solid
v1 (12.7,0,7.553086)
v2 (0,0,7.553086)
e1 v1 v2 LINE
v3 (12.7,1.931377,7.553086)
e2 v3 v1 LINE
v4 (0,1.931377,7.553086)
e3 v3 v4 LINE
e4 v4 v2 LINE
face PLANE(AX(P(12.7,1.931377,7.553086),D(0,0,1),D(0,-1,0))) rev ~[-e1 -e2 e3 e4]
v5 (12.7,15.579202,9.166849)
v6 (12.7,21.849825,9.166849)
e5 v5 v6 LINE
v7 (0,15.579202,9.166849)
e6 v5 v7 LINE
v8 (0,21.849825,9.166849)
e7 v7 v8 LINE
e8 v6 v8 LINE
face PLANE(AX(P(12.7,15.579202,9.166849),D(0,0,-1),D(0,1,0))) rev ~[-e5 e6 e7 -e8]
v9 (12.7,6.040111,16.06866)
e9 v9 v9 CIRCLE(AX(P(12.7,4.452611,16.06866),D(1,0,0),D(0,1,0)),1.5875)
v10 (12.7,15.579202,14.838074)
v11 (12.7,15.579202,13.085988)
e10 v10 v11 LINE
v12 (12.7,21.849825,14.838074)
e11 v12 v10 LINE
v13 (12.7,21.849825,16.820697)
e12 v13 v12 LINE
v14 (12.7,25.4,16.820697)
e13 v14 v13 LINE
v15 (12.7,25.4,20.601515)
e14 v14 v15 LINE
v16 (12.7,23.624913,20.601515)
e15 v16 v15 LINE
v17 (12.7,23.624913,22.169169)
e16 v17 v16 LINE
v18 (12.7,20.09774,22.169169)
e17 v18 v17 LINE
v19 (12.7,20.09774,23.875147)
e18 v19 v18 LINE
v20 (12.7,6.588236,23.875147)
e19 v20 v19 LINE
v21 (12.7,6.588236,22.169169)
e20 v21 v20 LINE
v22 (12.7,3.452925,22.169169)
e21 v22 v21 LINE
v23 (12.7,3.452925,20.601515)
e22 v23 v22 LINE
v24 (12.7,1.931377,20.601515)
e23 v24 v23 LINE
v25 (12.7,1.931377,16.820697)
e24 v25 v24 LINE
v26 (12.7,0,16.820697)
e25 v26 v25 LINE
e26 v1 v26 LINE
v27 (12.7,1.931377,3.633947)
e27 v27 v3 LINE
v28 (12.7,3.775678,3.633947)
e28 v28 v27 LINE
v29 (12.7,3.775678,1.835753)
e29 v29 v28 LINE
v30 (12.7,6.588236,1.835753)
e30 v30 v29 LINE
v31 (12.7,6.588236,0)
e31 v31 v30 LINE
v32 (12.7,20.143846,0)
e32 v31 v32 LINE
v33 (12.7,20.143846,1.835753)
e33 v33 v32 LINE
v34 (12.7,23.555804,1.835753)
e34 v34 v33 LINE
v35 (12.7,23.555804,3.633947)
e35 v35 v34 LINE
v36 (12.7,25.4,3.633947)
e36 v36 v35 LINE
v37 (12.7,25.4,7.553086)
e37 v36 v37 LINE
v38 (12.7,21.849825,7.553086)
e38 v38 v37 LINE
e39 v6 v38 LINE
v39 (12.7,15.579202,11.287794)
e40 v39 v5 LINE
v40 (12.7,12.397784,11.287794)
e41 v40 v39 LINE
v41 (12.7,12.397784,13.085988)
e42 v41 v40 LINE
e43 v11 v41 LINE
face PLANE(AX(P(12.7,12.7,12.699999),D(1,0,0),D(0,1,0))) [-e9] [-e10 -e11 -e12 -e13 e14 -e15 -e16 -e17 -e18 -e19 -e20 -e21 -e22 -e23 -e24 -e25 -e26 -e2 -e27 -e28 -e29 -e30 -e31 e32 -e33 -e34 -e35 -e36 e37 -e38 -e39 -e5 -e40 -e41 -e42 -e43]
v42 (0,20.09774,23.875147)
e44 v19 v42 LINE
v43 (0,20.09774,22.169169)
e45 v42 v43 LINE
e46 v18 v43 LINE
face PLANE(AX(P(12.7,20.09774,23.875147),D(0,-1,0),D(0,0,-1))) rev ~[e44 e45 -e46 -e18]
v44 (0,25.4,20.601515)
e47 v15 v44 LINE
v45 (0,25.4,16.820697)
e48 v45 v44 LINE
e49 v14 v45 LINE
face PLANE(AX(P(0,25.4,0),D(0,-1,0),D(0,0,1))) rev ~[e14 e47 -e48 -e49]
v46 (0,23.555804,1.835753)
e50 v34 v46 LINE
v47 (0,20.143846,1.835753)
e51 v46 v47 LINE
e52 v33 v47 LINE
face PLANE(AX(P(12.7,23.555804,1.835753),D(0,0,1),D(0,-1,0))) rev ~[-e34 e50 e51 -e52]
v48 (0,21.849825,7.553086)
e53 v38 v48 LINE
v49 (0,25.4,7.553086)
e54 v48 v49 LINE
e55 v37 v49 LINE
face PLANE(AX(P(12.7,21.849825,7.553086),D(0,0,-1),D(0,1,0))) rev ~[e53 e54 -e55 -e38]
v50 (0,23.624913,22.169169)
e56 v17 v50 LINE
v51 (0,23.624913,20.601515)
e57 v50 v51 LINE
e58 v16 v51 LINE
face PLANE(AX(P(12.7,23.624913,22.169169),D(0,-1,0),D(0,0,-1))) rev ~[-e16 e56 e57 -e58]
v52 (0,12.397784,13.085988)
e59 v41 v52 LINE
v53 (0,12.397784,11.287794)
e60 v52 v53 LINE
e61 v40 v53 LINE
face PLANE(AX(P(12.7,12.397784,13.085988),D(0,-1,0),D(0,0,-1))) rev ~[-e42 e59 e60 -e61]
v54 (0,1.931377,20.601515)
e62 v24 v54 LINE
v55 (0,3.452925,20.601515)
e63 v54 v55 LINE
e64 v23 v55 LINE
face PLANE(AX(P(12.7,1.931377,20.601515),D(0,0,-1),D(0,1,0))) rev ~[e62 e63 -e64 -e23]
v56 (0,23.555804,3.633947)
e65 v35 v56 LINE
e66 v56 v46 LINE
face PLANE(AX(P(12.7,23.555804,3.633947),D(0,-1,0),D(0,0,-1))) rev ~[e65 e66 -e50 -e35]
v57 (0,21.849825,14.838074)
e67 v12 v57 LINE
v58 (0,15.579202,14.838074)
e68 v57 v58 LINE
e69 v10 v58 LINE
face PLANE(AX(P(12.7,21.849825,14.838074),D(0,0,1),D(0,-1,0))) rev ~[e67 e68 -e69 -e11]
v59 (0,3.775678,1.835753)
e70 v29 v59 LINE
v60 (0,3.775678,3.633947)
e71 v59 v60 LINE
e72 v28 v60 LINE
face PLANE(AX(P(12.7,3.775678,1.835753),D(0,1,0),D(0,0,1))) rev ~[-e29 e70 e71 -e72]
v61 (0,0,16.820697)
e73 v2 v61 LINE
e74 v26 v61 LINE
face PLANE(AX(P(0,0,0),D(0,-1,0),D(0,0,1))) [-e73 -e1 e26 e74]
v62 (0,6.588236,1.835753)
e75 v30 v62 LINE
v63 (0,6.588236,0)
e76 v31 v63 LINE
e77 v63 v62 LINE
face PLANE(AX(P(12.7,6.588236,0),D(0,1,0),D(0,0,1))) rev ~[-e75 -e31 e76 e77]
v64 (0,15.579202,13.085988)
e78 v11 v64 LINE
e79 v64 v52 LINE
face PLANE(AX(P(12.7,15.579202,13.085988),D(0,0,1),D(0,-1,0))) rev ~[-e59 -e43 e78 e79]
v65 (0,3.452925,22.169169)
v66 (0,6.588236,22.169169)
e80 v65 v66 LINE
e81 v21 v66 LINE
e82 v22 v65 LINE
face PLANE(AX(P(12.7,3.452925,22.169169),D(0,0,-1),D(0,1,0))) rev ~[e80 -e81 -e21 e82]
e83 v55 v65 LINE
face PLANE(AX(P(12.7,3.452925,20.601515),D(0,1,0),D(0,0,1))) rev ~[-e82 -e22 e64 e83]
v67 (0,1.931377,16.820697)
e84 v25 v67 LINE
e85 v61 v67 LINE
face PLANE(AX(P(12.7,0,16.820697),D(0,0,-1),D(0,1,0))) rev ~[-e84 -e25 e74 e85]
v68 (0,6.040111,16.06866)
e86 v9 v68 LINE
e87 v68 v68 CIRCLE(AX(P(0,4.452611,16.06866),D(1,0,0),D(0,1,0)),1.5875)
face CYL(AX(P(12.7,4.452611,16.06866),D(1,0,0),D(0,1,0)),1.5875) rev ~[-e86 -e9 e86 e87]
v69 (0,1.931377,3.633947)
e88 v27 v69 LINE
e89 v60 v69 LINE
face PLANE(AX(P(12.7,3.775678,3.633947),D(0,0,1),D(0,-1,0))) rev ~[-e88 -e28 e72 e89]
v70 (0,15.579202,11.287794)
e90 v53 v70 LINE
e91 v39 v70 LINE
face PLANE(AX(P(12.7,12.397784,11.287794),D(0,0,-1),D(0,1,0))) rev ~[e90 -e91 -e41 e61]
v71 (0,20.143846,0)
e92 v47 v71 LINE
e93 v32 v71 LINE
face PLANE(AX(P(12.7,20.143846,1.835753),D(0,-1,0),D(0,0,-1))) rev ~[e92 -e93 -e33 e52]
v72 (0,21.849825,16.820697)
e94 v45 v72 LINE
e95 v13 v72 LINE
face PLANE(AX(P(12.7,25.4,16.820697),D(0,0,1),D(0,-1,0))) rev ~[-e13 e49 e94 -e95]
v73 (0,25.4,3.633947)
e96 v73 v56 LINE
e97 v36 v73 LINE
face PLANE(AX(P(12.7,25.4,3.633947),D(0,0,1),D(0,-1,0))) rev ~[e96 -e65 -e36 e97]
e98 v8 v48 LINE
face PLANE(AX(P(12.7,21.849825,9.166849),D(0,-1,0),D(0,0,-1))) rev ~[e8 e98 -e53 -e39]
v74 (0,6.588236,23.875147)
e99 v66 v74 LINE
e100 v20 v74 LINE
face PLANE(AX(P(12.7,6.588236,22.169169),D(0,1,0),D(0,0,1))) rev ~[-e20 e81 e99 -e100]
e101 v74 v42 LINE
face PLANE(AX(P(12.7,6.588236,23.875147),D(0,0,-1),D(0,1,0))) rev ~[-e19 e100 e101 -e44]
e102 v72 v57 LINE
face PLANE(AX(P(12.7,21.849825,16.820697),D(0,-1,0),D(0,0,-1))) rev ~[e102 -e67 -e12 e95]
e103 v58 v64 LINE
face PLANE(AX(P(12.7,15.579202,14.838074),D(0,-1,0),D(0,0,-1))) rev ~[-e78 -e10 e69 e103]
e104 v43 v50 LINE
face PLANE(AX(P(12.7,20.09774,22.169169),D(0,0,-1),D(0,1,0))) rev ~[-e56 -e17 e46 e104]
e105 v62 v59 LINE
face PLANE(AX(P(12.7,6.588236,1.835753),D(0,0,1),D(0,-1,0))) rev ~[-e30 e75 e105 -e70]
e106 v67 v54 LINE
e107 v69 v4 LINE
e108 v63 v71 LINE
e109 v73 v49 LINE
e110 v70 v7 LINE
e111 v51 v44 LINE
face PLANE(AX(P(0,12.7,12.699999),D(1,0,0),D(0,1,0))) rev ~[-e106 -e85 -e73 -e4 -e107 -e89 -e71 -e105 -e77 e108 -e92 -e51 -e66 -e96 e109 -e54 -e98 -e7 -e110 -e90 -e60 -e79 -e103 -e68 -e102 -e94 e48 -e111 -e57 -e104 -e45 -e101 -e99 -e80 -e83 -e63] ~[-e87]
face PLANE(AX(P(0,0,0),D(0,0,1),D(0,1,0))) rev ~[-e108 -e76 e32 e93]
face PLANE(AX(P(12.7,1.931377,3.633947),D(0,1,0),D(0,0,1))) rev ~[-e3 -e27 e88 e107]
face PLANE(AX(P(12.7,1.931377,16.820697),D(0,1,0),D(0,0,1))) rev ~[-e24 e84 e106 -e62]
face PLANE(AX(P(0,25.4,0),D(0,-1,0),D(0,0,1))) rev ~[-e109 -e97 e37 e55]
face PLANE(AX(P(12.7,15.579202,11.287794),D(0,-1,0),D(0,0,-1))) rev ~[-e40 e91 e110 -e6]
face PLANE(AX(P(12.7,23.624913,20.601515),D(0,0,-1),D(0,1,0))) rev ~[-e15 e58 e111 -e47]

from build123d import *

# Parameters (mm, degrees)
F0_W     = 25.4
F0_H     = 25.399998
F1_DEPTH = 12.7
F3_DEPTH = 25.4
F4_R     = 1.5875
F5_DEPTH = 12.7


with BuildPart() as f1:
    # F0 (on Right) → F1 (new body)
    with BuildSketch(Plane.YZ):
        with Locations((12.7, 12.699999)):
            Rectangle(F0_W, F0_H)
    extrude(amount=F1_DEPTH)

    # F2 (on face) → F3 (cut)
    with BuildSketch(Plane.YZ.offset(12.7)):
        Polygon((0, 25.399998), (0, 16.820697), (1.931377, 16.820697), (1.931377, 20.601515), (3.452925, 20.601515), (3.452925, 22.169169), (6.588236, 22.169169), (6.588236, 23.875147), (20.09774, 23.875147), (20.09774, 22.169169), (23.624913, 22.169169), (23.624913, 20.601515), (25.4, 20.601515), (25.4, 25.399998), align=None)
        Polygon((0, 0), (6.588236, 0), (6.588236, 1.835753), (3.775678, 1.835753), (3.775678, 3.633947), (1.931377, 3.633947), (1.931377, 7.553086), (0, 7.553086), align=None)
        Polygon((20.143846, 1.835753), (20.143846, 0), (25.4, 0), (25.4, 3.633947), (23.555804, 3.633947), (23.555804, 1.835753), align=None)
        Polygon((21.849825, 7.553086), (25.4, 7.553086), (25.4, 16.820697), (21.849825, 16.820697), (21.849825, 14.838074), (15.579202, 14.838074), (15.579202, 13.085988), (12.397784, 13.085988), (12.397784, 11.287794), (15.579202, 11.287794), (15.579202, 9.166849), (21.849825, 9.166849), align=None)
    extrude(amount=-F3_DEPTH, mode=Mode.SUBTRACT)

    # F4 (on face) → F5 (cut)
    with BuildSketch(Plane.YZ.offset(12.7)):
        with Locations((4.452611, 16.06866)):
            Circle(F4_R)
    extrude(amount=-F5_DEPTH, mode=Mode.SUBTRACT)


solid = f1.part
